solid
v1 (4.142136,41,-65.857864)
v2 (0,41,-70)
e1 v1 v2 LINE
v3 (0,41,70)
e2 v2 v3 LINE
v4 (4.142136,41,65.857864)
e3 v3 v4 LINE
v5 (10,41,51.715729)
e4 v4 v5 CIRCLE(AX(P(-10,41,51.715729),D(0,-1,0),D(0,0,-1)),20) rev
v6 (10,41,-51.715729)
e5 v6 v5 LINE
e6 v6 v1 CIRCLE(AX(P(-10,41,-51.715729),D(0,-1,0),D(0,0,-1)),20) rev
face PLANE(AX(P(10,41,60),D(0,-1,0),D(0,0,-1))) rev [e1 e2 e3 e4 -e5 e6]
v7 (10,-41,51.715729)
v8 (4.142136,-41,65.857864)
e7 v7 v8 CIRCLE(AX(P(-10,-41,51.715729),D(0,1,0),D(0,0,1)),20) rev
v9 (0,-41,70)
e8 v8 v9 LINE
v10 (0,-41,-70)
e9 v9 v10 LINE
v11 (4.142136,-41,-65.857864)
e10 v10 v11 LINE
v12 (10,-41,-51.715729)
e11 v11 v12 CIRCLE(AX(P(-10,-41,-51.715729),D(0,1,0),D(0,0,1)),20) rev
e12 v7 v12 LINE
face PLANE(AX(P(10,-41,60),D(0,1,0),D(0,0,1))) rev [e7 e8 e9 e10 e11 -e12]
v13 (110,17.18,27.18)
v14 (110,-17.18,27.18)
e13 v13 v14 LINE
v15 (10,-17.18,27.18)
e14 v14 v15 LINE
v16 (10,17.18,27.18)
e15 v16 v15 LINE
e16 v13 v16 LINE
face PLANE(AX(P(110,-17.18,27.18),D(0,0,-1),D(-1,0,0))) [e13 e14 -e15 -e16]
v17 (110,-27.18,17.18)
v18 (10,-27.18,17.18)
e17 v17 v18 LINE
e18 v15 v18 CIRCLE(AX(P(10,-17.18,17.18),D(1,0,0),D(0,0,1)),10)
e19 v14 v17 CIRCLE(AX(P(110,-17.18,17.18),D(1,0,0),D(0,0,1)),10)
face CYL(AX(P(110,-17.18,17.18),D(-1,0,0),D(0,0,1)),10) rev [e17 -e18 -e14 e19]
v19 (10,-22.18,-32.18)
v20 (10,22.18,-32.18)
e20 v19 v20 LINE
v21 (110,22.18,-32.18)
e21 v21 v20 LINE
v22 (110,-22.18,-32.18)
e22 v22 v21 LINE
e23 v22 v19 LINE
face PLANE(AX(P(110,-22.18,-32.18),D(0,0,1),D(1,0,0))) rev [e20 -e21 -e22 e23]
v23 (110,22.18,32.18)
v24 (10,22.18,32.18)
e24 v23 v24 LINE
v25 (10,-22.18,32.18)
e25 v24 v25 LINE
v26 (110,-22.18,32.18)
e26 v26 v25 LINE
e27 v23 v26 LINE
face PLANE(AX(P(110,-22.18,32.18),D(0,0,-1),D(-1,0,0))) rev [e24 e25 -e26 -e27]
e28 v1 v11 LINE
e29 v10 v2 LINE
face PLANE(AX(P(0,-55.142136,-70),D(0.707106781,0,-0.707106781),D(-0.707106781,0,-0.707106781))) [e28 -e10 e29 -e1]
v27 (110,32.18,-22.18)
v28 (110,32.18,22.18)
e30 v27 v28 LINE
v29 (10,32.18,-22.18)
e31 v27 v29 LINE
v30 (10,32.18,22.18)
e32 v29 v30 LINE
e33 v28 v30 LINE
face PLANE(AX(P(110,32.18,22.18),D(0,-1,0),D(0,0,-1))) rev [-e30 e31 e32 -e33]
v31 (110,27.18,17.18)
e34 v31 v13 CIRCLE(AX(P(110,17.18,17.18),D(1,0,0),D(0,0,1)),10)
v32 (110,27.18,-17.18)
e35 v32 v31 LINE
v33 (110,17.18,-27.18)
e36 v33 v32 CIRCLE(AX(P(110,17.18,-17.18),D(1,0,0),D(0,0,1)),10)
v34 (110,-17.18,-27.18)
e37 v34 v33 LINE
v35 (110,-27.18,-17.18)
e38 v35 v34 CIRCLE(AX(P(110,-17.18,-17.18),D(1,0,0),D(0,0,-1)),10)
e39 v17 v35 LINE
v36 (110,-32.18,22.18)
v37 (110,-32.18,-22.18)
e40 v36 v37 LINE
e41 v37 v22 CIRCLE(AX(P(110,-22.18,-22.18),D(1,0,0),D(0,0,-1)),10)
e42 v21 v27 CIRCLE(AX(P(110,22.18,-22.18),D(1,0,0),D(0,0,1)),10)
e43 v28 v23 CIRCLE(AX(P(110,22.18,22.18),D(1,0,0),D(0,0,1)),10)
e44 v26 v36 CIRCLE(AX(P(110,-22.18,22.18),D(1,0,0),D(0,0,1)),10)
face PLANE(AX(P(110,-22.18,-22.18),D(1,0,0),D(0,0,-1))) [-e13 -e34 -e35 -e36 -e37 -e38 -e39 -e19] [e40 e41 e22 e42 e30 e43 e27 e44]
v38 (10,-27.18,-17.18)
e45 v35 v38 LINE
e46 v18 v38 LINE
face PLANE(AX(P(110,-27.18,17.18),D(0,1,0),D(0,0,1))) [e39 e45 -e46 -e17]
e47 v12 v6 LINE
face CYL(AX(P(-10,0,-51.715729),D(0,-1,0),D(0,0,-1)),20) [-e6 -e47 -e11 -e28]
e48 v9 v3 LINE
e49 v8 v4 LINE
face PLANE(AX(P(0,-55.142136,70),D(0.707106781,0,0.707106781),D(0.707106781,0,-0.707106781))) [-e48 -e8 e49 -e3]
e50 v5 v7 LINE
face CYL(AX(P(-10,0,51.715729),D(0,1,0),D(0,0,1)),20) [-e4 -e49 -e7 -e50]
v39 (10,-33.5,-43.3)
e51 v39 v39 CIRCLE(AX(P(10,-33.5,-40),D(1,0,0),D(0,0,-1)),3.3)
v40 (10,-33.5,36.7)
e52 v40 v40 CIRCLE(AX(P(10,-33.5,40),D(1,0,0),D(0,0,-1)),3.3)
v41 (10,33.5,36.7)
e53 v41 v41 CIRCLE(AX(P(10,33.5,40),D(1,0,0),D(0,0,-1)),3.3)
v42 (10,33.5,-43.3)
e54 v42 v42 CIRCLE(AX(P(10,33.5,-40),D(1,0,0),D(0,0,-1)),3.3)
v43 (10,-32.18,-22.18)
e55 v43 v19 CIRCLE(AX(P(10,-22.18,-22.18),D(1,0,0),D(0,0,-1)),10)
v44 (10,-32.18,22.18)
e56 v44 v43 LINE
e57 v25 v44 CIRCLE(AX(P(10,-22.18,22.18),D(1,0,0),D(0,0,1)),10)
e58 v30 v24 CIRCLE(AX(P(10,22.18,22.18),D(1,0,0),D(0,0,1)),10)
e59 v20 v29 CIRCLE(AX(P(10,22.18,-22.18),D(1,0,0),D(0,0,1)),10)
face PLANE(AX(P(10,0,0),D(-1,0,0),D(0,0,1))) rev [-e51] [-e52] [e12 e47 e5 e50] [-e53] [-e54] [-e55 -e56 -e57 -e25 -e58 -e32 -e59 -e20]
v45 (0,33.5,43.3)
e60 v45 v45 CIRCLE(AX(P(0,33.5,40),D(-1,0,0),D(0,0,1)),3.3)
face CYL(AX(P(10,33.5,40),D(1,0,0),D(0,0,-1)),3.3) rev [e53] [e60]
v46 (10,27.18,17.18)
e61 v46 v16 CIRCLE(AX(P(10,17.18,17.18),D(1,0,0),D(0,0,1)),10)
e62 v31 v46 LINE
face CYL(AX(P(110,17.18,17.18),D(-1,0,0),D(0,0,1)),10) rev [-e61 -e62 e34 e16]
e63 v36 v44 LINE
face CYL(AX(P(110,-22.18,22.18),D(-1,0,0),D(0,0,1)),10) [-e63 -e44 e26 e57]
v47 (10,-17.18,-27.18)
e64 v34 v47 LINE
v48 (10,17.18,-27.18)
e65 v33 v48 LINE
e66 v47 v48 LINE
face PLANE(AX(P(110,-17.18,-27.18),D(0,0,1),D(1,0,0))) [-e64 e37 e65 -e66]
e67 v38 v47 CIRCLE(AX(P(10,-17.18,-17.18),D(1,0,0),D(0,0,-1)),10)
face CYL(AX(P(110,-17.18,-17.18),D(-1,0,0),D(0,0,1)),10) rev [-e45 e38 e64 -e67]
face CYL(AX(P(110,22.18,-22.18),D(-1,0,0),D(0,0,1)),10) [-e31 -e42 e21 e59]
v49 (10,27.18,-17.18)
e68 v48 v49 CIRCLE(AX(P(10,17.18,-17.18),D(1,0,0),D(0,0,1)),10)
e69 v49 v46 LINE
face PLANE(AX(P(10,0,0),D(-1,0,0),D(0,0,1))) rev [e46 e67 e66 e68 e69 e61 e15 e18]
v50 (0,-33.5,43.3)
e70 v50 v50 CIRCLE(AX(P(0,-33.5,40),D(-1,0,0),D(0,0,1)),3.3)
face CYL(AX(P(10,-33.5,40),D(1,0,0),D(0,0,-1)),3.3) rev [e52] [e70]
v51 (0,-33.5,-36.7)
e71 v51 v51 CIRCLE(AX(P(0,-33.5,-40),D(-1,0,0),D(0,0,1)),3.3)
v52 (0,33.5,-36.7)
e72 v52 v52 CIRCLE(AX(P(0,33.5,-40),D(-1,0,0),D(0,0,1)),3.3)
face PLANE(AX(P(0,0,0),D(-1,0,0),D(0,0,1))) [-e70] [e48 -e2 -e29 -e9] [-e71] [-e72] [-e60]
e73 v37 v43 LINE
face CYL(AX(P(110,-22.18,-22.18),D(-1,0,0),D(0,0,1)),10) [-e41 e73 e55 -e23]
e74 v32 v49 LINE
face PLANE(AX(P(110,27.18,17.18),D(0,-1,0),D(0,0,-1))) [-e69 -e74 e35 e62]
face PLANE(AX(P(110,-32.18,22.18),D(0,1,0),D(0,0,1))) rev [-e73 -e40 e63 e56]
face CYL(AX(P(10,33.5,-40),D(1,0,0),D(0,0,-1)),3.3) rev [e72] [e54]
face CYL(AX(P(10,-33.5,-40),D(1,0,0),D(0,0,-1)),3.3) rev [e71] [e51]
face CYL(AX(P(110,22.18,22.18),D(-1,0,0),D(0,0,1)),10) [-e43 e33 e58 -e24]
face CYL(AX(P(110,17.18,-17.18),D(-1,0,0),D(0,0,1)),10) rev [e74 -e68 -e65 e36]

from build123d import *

# Parameters (mm, degrees)
SKETCH1_W                = 120
SKETCH1_H                = 82
BOSS_EXTRUDE1_DEPTH      = 10
BOSS_EXTRUDE4_DEPTH      = 82
FILLET2_R                = 20
BOSS_EXTRUDE5_DEPTH      = 100
M6_CLEARANCE_HOLE1_D     = 6.6
M6_CLEARANCE_HOLE1_DEPTH = 10


with BuildPart() as part:
    # Sketch1 → Boss-Extrude1 (new body)
    with BuildSketch(Plane(origin=(0, 0, 0), x_dir=(0, 0, -1), z_dir=(1, 0, 0))):
        Rectangle(SKETCH1_W, SKETCH1_H)
    extrude(amount=BOSS_EXTRUDE1_DEPTH)

    # Sketch6 → Boss-Extrude4 (add)
    with BuildSketch(Plane(origin=(0, 41, 0), x_dir=(1, 0, 0), z_dir=(0, 1, 0))):
        Polygon((0, 60), (0, 70), (10, 60), align=None)
        Polygon((0, -60), (0, -70), (10, -60), align=None)
    extrude(amount=-BOSS_EXTRUDE4_DEPTH)

    # Fillet2
    fillet2_edges = [part.edges().sort_by_distance(p)[0] for p in [
        (10, 0, 60),
        (10, 0, -60),
    ]]
    fillet(fillet2_edges, radius=FILLET2_R)

    # Sketch7 → Boss-Extrude5 (add)
    with BuildSketch(Plane(origin=(10, 0, 0), x_dir=(0, 0, -1), z_dir=(1, 0, 0))):
        with BuildLine():
            Line((-22.18, -32.18), (22.18, -32.18))
            ThreePointArc((22.18, -32.18), (29.251067812, -29.251067812), (32.18, -22.18))
            Line((32.18, -22.18), (32.18, 22.18))
            ThreePointArc((32.18, 22.18), (29.251067812, 29.251067812), (22.18, 32.18))
            Line((22.18, 32.18), (-22.18, 32.18))
            ThreePointArc((-22.18, 32.18), (-29.251067812, 29.251067812), (-32.18, 22.18))
            Line((-32.18, 22.18), (-32.18, -22.18))
            ThreePointArc((-32.18, -22.18), (-29.251067812, -29.251067812), (-22.18, -32.18))
        make_face()
        with BuildLine():
            Line((-17.18, -27.18), (17.18, -27.18))
            ThreePointArc((17.18, -27.18), (24.251067812, -24.251067812), (27.18, -17.18))
            Line((27.18, -17.18), (27.18, 17.18))
            ThreePointArc((27.18, 17.18), (24.251067812, 24.251067812), (17.18, 27.18))
            Line((17.18, 27.18), (-17.18, 27.18))
            ThreePointArc((-17.18, 27.18), (-24.251067812, 24.251067812), (-27.18, 17.18))
            Line((-27.18, 17.18), (-27.18, -17.18))
            ThreePointArc((-27.18, -17.18), (-24.251067812, -24.251067812), (-17.18, -27.18))
        make_face(mode=Mode.SUBTRACT)
    extrude(amount=BOSS_EXTRUDE5_DEPTH)

    # M6 Clearance Hole1
    with Locations(Plane(origin=(10, 0, 0), x_dir=(0, 0, -1), z_dir=(1, 0, 0))):
        with Locations((-40, 33.5), (40, 33.5), (40, -33.5), (-40, -33.5)):
            Hole(M6_CLEARANCE_HOLE1_D / 2, depth=M6_CLEARANCE_HOLE1_DEPTH)


solid = part.part
